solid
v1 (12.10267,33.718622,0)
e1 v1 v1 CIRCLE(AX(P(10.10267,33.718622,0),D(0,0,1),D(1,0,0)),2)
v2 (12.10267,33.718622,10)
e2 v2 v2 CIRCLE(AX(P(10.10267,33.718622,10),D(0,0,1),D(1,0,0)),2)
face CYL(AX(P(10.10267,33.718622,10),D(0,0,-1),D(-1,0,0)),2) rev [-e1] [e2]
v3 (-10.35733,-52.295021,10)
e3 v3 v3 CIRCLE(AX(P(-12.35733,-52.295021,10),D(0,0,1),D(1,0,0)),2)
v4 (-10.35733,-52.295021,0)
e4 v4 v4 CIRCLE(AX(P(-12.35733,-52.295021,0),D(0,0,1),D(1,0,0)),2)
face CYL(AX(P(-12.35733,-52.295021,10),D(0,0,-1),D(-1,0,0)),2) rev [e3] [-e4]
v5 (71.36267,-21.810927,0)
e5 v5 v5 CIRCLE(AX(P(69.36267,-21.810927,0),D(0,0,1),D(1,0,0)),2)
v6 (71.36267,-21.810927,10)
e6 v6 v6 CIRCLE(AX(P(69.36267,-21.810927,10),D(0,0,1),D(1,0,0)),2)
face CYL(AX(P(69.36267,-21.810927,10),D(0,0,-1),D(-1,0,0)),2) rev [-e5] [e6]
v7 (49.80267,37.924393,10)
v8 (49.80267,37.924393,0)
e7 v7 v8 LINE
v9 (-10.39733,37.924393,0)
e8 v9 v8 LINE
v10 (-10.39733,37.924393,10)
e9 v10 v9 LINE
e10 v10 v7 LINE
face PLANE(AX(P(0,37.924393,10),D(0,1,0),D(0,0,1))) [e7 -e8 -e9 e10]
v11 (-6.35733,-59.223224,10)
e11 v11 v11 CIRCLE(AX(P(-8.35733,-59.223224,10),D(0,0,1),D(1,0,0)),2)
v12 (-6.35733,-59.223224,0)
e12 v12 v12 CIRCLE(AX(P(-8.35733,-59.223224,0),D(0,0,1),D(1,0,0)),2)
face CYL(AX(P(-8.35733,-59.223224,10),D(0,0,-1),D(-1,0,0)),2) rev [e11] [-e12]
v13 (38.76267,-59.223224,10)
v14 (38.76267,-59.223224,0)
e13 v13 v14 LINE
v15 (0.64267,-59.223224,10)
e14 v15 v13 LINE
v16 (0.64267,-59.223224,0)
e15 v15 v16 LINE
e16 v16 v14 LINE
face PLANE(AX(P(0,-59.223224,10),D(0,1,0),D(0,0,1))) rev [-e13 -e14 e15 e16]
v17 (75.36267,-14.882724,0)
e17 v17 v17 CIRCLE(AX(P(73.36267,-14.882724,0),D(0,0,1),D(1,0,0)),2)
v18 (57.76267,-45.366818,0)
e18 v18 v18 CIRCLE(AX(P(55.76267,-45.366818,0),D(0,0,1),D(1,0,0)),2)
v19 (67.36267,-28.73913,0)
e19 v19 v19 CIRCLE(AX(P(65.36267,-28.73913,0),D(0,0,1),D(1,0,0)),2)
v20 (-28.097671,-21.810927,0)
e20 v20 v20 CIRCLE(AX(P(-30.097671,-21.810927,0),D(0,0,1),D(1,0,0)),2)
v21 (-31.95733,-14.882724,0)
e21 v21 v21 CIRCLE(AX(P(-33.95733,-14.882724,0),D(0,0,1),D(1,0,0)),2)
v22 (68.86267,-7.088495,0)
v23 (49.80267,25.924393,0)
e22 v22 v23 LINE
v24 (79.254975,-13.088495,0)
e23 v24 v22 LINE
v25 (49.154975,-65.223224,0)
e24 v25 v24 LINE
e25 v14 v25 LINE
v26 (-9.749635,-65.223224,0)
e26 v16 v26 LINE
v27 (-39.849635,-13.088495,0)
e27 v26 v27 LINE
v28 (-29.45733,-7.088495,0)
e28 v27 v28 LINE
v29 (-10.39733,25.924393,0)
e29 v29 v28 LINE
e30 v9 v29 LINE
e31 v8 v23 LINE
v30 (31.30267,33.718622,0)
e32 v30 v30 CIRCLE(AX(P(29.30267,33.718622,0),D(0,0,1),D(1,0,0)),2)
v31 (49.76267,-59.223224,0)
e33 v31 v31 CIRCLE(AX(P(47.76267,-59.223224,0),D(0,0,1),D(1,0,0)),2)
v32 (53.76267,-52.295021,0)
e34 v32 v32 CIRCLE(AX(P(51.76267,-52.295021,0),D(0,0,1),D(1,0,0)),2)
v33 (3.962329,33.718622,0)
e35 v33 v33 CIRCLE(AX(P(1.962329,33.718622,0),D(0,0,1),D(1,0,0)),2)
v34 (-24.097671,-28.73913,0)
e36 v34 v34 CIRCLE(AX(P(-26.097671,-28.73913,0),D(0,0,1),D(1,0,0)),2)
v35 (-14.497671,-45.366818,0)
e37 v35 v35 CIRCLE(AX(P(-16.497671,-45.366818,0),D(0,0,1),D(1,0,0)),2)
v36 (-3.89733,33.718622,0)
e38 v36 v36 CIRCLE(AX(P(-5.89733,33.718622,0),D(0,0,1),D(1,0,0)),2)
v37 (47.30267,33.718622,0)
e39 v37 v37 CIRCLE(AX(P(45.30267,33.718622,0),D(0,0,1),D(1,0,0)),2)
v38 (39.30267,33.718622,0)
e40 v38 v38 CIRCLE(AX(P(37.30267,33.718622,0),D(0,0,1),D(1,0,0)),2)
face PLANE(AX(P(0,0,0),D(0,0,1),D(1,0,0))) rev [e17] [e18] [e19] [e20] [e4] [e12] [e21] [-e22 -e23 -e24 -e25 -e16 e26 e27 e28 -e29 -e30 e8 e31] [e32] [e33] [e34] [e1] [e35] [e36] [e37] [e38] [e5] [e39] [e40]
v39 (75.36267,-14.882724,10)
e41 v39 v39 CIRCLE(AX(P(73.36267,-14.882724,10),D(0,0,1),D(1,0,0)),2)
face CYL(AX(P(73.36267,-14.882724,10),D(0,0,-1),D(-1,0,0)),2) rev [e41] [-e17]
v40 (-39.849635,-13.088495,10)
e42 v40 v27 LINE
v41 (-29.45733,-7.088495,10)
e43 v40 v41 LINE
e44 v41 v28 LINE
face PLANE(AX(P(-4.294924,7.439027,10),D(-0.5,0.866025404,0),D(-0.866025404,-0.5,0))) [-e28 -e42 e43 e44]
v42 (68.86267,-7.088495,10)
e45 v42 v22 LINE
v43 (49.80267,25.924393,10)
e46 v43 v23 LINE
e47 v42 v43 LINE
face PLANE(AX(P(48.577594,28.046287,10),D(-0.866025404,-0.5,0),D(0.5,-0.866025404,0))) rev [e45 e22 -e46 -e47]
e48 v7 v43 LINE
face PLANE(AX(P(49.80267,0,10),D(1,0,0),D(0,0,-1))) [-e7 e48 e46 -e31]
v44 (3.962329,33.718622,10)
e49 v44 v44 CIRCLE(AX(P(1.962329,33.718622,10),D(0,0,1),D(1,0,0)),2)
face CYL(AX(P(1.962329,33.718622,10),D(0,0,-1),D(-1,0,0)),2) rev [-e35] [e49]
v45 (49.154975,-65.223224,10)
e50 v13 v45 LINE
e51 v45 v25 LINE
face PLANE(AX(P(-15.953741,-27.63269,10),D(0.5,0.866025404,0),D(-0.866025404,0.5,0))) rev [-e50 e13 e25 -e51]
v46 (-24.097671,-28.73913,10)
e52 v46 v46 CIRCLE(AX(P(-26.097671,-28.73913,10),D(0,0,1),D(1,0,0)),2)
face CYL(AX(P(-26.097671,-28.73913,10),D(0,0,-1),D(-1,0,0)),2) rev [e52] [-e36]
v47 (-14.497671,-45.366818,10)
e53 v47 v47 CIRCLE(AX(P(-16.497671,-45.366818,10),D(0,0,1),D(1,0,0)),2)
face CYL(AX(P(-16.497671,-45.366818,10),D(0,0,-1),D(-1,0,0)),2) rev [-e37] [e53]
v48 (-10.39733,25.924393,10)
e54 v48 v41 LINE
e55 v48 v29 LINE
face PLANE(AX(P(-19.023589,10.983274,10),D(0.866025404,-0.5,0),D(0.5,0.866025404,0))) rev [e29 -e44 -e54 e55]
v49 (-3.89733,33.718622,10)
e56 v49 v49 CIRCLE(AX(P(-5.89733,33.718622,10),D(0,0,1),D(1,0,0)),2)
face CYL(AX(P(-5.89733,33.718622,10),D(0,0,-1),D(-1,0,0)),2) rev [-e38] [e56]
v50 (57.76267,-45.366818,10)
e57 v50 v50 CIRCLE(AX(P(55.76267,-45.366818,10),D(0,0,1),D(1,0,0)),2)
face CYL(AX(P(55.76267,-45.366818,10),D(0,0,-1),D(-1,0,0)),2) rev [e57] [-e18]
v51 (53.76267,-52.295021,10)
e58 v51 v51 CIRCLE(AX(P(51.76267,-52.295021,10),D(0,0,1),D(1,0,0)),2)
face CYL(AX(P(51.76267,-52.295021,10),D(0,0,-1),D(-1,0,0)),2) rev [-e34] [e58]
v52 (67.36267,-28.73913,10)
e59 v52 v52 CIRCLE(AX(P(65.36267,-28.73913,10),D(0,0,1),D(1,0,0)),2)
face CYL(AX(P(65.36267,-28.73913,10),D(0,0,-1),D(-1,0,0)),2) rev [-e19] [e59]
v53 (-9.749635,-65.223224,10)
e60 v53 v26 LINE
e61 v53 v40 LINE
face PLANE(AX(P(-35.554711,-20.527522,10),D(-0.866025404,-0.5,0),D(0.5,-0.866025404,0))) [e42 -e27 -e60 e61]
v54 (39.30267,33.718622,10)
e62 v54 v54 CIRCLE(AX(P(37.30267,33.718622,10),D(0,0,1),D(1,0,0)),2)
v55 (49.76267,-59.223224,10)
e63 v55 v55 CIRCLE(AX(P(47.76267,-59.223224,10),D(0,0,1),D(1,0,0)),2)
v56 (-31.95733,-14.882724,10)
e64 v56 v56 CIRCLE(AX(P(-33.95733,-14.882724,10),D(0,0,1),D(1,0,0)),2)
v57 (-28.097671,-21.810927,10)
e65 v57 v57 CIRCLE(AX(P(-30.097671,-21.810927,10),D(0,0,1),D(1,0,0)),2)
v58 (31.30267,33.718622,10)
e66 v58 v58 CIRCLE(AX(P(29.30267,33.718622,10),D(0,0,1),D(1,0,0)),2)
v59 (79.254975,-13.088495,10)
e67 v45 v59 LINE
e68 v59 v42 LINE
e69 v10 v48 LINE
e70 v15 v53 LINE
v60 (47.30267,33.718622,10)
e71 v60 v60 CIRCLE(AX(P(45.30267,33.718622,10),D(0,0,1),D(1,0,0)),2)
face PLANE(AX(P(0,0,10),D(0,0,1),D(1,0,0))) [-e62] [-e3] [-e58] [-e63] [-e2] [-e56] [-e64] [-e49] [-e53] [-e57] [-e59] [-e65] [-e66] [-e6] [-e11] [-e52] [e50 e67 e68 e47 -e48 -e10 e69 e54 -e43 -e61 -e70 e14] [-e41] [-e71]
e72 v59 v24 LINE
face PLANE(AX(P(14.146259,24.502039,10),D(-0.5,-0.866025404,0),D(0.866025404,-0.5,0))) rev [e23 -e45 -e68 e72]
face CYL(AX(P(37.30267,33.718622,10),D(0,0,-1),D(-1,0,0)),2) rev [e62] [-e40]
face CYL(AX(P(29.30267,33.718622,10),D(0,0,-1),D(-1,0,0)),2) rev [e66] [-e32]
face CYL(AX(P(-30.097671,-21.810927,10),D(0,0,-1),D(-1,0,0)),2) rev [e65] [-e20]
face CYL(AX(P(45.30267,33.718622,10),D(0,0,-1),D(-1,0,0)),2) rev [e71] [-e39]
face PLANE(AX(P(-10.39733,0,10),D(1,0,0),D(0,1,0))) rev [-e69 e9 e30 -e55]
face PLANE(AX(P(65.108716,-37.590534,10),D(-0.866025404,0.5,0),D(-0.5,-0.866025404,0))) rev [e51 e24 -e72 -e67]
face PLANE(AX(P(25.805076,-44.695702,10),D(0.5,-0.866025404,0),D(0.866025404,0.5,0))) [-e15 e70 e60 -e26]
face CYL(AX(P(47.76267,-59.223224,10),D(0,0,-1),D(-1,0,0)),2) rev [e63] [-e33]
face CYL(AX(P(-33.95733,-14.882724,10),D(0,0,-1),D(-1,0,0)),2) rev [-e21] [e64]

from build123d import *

# Parameters (mm, degrees)
EXTRUDE_4_DEPTH = 10


with BuildPart() as part:
    # 草圖1 → 填料-伸長4 (new body)
    with BuildSketch(Plane.XY):
        Polygon((49.802669845, 25.924393386), (-10.397330155, 25.924393386), (-29.457330155, -7.088495007), (0.642669845, -59.223224314), (38.762669845, -59.223224314), (68.862669845, -7.088495007), align=None)
        with BuildLine():
            Line((-0.037670798, 33.71862202), (-3.897330155, 33.71862202))
            ThreePointArc((-3.897330155, 33.71862202), (-4.897330155, 31.986571212), (-6.897330155, 31.986571212))
            Line((-6.897330155, 31.986571212), (-10.397330155, 25.924393386))
            Line((-10.397330155, 25.924393386), (49.802669845, 25.924393386))
            Line((49.802669845, 25.924393386), (46.302669845, 31.986571212))
            ThreePointArc((46.302669845, 31.986571212), (44.302669845, 31.986571212), (43.302669845, 33.71862202))
            Line((43.302669845, 33.71862202), (39.302669845, 33.71862202))
            ThreePointArc((39.302669845, 33.71862202), (37.302669845, 31.71862202), (35.302669845, 33.71862202))
            Line((35.302669845, 33.71862202), (31.302669845, 33.71862202))
            ThreePointArc((31.302669845, 33.71862202), (29.302669845, 31.71862202), (27.302669845, 33.71862202))
            Line((27.302669845, 33.71862202), (12.102669845, 33.71862202))
            ThreePointArc((12.102669845, 33.71862202), (10.102669845, 31.71862202), (8.102669845, 33.71862202))
            Line((8.102669845, 33.71862202), (3.962329202, 33.71862202))
            ThreePointArc((3.962329202, 33.71862202), (1.962329202, 31.71862202), (-0.037670798, 33.71862202))
        make_face()
        with BuildLine():
            ThreePointArc((-6.897330155, 31.986571212), (-6.897330155, 35.450672827), (-3.897330155, 33.71862202))
            Line((-3.897330155, 33.71862202), (-0.037670798, 33.71862202))
            ThreePointArc((-0.037670798, 33.71862202), (1.962329202, 35.71862202), (3.962329202, 33.71862202))
            Line((3.962329202, 33.71862202), (8.102669845, 33.71862202))
            ThreePointArc((8.102669845, 33.71862202), (10.102669845, 35.71862202), (12.102669845, 33.71862202))
            Line((12.102669845, 33.71862202), (27.302669845, 33.71862202))
            ThreePointArc((27.302669845, 33.71862202), (29.302669845, 35.71862202), (31.302669845, 33.71862202))
            Line((31.302669845, 33.71862202), (35.302669845, 33.71862202))
            ThreePointArc((35.302669845, 33.71862202), (37.302669845, 35.71862202), (39.302669845, 33.71862202))
            Line((39.302669845, 33.71862202), (43.302669845, 33.71862202))
            ThreePointArc((43.302669845, 33.71862202), (45.302669845, 35.71862202), (47.302669845, 33.71862202))
            ThreePointArc((47.302669845, 33.71862202), (47.034720652, 32.71862202), (46.302669845, 31.986571212))
            Line((46.302669845, 31.986571212), (49.802669845, 25.924393386))
            Line((49.802669845, 25.924393386), (49.802669845, 37.924393386))
            Line((49.802669845, 37.924393386), (-10.397330155, 37.924393386))
            Line((-10.397330155, 37.924393386), (-10.397330155, 25.924393386))
            Line((-10.397330155, 25.924393386), (-6.897330155, 31.986571212))
        make_face()
        with BuildLine():
            Line((-32.957330155, -13.150672833), (-29.457330155, -7.088495007))
            Line((-29.457330155, -7.088495007), (-39.849635001, -13.088495007))
            Line((-39.849635001, -13.088495007), (-9.749635001, -65.223224314))
            Line((-9.749635001, -65.223224314), (0.642669845, -59.223224314))
            Line((0.642669845, -59.223224314), (-6.357330155, -59.223224314))
            ThreePointArc((-6.357330155, -59.223224314), (-9.357330155, -60.955275122), (-9.357330155, -57.491173507))
            Line((-9.357330155, -57.491173507), (-11.357330155, -54.027071892))
            ThreePointArc((-11.357330155, -54.027071892), (-14.089380963, -53.295021084), (-13.357330155, -50.562970277))
            Line((-13.357330155, -50.562970277), (-15.394263476, -47.034898273))
            ThreePointArc((-15.394263476, -47.034898273), (-18.229721605, -46.366817854), (-17.390567155, -43.577198874))
            Line((-17.390567155, -43.577198874), (-24.994263476, -30.40721052))
            ThreePointArc((-24.994263476, -30.40721052), (-27.829721605, -29.739130101), (-26.990567155, -26.949511121))
            Line((-26.990567155, -26.949511121), (-28.994263476, -23.47900729))
            ThreePointArc((-28.994263476, -23.47900729), (-31.829721605, -22.810926871), (-30.990567155, -20.021307891))
            Line((-30.990567155, -20.021307891), (-32.957330155, -16.614774448))
            ThreePointArc((-32.957330155, -16.614774448), (-35.957330155, -14.882723641), (-32.957330155, -13.150672833))
        make_face()
        with BuildLine():
            Line((0.642669845, -59.223224314), (-29.457330155, -7.088495007))
            Line((-29.457330155, -7.088495007), (-32.957330155, -13.150672833))
            ThreePointArc((-32.957330155, -13.150672833), (-32.225279348, -13.882723641), (-31.957330155, -14.882723641))
            ThreePointArc((-31.957330155, -14.882723641), (-32.225279348, -15.882723641), (-32.957330155, -16.614774448))
            Line((-32.957330155, -16.614774448), (-30.990567155, -20.021307891))
            ThreePointArc((-30.990567155, -20.021307891), (-29.045480871, -20.110075214), (-28.097670798, -21.810926871))
            ThreePointArc((-28.097670798, -21.810926871), (-28.336021763, -22.75781265), (-28.994263476, -23.47900729))
            Line((-28.994263476, -23.47900729), (-26.990567155, -26.949511121))
            ThreePointArc((-26.990567155, -26.949511121), (-25.045480871, -27.038278445), (-24.097670798, -28.739130101))
            ThreePointArc((-24.097670798, -28.739130101), (-24.336021763, -29.68601588), (-24.994263476, -30.40721052))
            Line((-24.994263476, -30.40721052), (-17.390567155, -43.577198874))
            ThreePointArc((-17.390567155, -43.577198874), (-15.445480871, -43.665966197), (-14.497670798, -45.366817854))
            ThreePointArc((-14.497670798, -45.366817854), (-14.736021763, -46.313703633), (-15.394263476, -47.034898273))
            Line((-15.394263476, -47.034898273), (-13.357330155, -50.562970277))
            ThreePointArc((-13.357330155, -50.562970277), (-11.357330155, -50.562970277), (-10.357330155, -52.295021084))
            ThreePointArc((-10.357330155, -52.295021084), (-10.625279348, -53.295021084), (-11.357330155, -54.027071892))
            Line((-11.357330155, -54.027071892), (-9.357330155, -57.491173507))
            ThreePointArc((-9.357330155, -57.491173507), (-7.357330155, -57.491173507), (-6.357330155, -59.223224314))
            Line((-6.357330155, -59.223224314), (0.642669845, -59.223224314))
        make_face()
        with BuildLine():
            Line((79.25497469, -13.088495007), (68.862669845, -7.088495007))
            Line((68.862669845, -7.088495007), (72.362669845, -13.150672833))
            ThreePointArc((72.362669845, -13.150672833), (74.362669845, -13.150672833), (75.362669845, -14.882723641))
            ThreePointArc((75.362669845, -14.882723641), (74.362669845, -16.614774448), (72.362669845, -16.614774448))
            Line((72.362669845, -16.614774448), (70.362669845, -20.078876063))
            ThreePointArc((70.362669845, -20.078876063), (71.094720652, -20.810926871), (71.362669845, -21.810926871))
            ThreePointArc((71.362669845, -21.810926871), (70.362669845, -23.542977679), (68.362669845, -23.542977679))
            Line((68.362669845, -23.542977679), (66.362669845, -27.007079294))
            ThreePointArc((66.362669845, -27.007079294), (67.094720652, -27.739130101), (67.362669845, -28.739130101))
            ThreePointArc((67.362669845, -28.739130101), (66.362669845, -30.471180909), (64.362669845, -30.471180909))
            Line((64.362669845, -30.471180909), (56.762669845, -43.634767046))
            ThreePointArc((56.762669845, -43.634767046), (57.494720652, -44.366817854), (57.762669845, -45.366817854))
            ThreePointArc((57.762669845, -45.366817854), (56.762669845, -47.098868661), (54.762669845, -47.098868661))
            Line((54.762669845, -47.098868661), (52.762669845, -50.562970277))
            ThreePointArc((52.762669845, -50.562970277), (53.494720652, -51.295021084), (53.762669845, -52.295021084))
            ThreePointArc((53.762669845, -52.295021084), (52.762669845, -54.027071892), (50.762669845, -54.027071892))
            Line((50.762669845, -54.027071892), (48.762669845, -57.491173507))
            ThreePointArc((48.762669845, -57.491173507), (49.494720652, -58.223224314), (49.762669845, -59.223224314))
            ThreePointArc((49.762669845, -59.223224314), (47.762669845, -61.223224314), (45.762669845, -59.223224314))
            Line((45.762669845, -59.223224314), (38.762669845, -59.223224314))
            Line((38.762669845, -59.223224314), (49.15497469, -65.223224314))
            Line((49.15497469, -65.223224314), (79.25497469, -13.088495007))
        make_face()
        with BuildLine():
            Line((72.362669845, -13.150672833), (68.862669845, -7.088495007))
            Line((68.862669845, -7.088495007), (38.762669845, -59.223224314))
            Line((38.762669845, -59.223224314), (45.762669845, -59.223224314))
            ThreePointArc((45.762669845, -59.223224314), (46.762669845, -57.491173507), (48.762669845, -57.491173507))
            Line((48.762669845, -57.491173507), (50.762669845, -54.027071892))
            ThreePointArc((50.762669845, -54.027071892), (50.030619037, -51.295021084), (52.762669845, -50.562970277))
            Line((52.762669845, -50.562970277), (54.762669845, -47.098868661))
            ThreePointArc((54.762669845, -47.098868661), (54.030619037, -44.366817854), (56.762669845, -43.634767046))
            Line((56.762669845, -43.634767046), (64.362669845, -30.471180909))
            ThreePointArc((64.362669845, -30.471180909), (63.630619037, -27.739130101), (66.362669845, -27.007079294))
            Line((66.362669845, -27.007079294), (68.362669845, -23.542977679))
            ThreePointArc((68.362669845, -23.542977679), (67.630619037, -20.810926871), (70.362669845, -20.078876063))
            Line((70.362669845, -20.078876063), (72.362669845, -16.614774448))
            ThreePointArc((72.362669845, -16.614774448), (71.362669845, -14.882723641), (72.362669845, -13.150672833))
        make_face()
    extrude(amount=EXTRUDE_4_DEPTH)


solid = part.part
